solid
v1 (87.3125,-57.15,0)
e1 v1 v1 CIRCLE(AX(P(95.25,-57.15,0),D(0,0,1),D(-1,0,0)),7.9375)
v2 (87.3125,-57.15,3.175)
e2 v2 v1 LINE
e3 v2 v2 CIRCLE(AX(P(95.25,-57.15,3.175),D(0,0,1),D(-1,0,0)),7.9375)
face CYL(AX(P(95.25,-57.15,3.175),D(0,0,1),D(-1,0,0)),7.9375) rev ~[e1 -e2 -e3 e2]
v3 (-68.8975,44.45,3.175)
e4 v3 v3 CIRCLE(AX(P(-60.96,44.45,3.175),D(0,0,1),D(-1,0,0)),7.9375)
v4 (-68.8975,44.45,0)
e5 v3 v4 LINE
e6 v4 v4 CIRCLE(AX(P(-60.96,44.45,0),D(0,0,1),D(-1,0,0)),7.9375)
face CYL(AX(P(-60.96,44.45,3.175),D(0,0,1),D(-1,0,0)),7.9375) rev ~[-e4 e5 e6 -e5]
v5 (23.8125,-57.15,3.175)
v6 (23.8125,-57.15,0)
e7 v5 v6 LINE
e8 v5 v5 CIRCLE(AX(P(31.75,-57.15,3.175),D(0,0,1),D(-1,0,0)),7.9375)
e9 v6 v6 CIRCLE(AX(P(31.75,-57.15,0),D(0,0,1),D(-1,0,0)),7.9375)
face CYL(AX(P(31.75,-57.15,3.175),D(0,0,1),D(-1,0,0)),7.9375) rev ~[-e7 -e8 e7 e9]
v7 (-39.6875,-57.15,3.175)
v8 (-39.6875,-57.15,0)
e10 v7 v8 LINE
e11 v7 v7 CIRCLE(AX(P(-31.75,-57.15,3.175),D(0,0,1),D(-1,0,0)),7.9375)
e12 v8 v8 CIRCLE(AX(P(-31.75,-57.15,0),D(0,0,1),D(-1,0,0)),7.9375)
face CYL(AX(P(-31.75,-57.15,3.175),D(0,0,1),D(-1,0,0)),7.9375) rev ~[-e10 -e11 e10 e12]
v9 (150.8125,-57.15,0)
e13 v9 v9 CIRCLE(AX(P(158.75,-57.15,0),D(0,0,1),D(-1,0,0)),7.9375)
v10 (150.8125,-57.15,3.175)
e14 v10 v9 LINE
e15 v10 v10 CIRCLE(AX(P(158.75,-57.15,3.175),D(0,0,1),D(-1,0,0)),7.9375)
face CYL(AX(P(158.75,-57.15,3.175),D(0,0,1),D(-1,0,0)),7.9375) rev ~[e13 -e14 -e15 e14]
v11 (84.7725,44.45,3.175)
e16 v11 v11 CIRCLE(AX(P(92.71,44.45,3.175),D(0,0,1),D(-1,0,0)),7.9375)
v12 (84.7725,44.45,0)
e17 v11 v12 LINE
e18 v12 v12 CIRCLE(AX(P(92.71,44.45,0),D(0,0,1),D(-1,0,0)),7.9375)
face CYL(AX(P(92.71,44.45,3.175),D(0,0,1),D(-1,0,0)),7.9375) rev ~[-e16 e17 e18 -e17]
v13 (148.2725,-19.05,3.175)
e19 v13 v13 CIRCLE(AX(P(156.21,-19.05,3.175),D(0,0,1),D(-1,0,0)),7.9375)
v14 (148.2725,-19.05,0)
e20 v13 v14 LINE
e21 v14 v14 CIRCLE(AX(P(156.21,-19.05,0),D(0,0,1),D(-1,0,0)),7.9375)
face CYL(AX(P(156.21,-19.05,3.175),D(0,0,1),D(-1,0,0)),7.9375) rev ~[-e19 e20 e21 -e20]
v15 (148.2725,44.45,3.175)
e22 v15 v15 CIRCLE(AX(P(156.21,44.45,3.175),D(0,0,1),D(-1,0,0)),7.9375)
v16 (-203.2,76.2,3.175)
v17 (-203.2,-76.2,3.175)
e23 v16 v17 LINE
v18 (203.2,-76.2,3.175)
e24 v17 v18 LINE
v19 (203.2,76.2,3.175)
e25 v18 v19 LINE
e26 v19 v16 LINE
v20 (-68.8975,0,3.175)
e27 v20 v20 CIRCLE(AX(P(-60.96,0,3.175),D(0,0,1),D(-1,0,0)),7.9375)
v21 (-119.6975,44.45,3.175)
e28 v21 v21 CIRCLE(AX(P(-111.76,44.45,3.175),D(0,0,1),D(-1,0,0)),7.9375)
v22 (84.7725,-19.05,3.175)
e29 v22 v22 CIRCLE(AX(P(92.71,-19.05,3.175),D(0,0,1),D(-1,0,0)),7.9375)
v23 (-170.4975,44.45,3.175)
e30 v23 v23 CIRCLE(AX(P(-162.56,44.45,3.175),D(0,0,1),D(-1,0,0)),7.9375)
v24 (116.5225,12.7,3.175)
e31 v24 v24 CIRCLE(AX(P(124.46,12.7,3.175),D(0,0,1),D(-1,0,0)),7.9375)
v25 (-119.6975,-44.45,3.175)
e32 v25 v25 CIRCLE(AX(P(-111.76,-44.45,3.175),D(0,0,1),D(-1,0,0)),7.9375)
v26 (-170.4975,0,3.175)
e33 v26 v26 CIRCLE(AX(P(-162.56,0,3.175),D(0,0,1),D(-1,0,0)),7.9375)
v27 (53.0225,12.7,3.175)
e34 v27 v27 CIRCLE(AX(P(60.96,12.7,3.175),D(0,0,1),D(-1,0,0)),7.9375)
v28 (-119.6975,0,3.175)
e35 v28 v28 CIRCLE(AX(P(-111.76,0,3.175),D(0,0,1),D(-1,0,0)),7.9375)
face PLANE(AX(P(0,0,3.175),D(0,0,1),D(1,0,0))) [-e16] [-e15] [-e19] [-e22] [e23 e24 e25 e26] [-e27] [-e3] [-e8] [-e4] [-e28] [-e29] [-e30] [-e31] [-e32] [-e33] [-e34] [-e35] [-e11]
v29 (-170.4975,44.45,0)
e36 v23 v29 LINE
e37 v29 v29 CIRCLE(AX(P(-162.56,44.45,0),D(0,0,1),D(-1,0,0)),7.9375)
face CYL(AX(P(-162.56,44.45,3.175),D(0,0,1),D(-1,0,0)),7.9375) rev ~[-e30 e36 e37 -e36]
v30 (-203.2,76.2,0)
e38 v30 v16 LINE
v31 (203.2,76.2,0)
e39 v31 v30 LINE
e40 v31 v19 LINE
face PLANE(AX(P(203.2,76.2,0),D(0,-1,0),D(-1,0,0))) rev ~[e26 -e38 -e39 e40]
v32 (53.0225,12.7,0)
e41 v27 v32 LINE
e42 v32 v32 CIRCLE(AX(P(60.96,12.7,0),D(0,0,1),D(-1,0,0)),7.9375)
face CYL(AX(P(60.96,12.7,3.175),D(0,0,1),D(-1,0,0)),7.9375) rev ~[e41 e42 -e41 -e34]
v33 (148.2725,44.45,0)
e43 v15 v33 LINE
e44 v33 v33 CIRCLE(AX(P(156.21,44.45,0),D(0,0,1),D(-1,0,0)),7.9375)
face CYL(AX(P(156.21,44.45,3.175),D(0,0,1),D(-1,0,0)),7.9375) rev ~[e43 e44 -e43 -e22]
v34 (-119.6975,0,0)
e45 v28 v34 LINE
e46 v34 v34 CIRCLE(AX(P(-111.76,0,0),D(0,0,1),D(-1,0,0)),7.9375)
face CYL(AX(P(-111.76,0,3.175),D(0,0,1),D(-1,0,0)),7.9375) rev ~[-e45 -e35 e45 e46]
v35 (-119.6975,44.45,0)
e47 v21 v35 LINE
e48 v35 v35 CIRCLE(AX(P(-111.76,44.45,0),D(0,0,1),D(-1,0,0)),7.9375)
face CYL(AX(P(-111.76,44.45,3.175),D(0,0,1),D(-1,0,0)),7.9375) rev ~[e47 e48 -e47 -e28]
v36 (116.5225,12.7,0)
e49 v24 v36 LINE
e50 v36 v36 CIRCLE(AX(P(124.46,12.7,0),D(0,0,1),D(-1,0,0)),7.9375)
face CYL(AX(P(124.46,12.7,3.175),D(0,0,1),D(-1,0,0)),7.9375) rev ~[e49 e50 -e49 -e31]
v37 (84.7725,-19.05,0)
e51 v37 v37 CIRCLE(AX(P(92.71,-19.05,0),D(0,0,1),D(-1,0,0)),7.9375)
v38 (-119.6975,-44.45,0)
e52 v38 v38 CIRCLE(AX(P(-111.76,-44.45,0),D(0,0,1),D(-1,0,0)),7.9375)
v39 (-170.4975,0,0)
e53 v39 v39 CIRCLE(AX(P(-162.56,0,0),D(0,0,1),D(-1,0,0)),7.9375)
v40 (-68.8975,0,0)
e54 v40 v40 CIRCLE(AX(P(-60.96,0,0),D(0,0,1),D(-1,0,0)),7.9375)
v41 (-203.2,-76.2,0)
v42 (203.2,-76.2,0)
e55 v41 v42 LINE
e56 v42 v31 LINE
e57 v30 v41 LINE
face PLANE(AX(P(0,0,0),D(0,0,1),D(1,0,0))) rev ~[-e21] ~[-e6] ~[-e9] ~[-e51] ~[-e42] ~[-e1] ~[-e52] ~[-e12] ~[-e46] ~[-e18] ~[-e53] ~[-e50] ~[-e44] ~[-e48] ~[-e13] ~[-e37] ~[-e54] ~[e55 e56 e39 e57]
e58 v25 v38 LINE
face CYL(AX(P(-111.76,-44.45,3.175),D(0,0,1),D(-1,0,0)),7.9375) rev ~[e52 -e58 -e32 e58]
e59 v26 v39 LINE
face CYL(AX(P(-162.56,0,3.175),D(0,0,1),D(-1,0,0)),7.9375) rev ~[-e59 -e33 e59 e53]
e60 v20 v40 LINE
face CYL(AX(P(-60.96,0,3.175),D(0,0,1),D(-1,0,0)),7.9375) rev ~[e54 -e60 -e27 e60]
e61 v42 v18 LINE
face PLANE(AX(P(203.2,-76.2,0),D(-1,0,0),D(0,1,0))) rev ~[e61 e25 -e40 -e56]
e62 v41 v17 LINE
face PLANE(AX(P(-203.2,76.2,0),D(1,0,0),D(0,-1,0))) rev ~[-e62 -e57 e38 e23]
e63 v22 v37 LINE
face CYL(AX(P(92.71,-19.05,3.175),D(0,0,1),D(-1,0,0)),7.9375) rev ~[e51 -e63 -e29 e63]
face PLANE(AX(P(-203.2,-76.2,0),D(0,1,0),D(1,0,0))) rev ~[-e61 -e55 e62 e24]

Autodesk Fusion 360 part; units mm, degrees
sketch "Sketch1" plane through (0, 0, 0) normal (0, 0, 1) x (1, 0, 0)
  line L0 (203.2, 76.2) -> (-203.2, 76.2)
  line L1 (-203.2, 76.2) -> (-203.2, -76.2)
  line L2 (-203.2, -76.2) -> (203.2, -76.2)
  line L3 (203.2, -76.2) -> (203.2, 76.2)
  line L4 (203.2, 76.2) -> (-203.2, -76.2) construction
  line L5 (-203.2, 76.2) -> (203.2, -76.2) construction
  dimension "d1" = 406.4
  dimension "d2" = 152.4
extrude "Extrude1" add sketch "Sketch1" along normal blind 3.175
sketch "Sketch2" plane through (0, 0, 3.175) normal (0, 0, 1) x (-1, 0, 0)
  line L0 (-203.2, 76.2) -> (-203.2, -76.2)
  line L1 (-203.2, -76.2) -> (203.2, -76.2)
  line L2 (203.2, -76.2) -> (203.2, 76.2)
  line L3 (203.2, 76.2) -> (-203.2, 76.2)
  circle A0 centre (162.56, -44.45) radius 7.9375
  circle A1 centre (111.76, -44.45) radius 7.9375
  circle A2 centre (60.96, -44.45) radius 7.9375
  line L4 (203.2, -44.45) -> (-203.2, -44.45) construction
  line L5 (203.2, -60.325) -> (-203.2, -60.325) construction
  circle A3 centre (162.56, -44.45) radius 10.795 construction
  line L6 (172.6056, -60.325) -> (-27.8584, -60.325) construction
  line L7 (-27.8584, -60.325) -> (-27.8584, -69.85) construction
  line L8 (-27.8584, -69.85) -> (172.6056, -69.85) construction
  line L9 (172.6056, -69.85) -> (172.6056, -60.325) construction
  circle A4 centre (162.56, 0) radius 7.9375
  circle A5 centre (111.76, 0) radius 7.9375
  circle A6 centre (60.96, 0) radius 7.9375
  line L10 (203.2, 0) -> (-203.2, 0) construction
  line L11 (203.2, -15.875) -> (-203.2, -15.875) construction
  line L12 (203.2, 44.45) -> (-203.2, 44.45) construction
  line L13 (203.2, 28.575) -> (-203.2, 28.575) construction
  circle A7 centre (111.76, 44.45) radius 7.9375
  line L14 (183.6475, -15.875) -> (19.338, -15.875) construction
  line L15 (19.338, -15.875) -> (19.338, -25.4) construction
  line L16 (19.338, -25.4) -> (183.6475, -25.4) construction
  line L17 (183.6475, -25.4) -> (183.6475, -15.875) construction
  line L18 (128.4518, 28.575) -> (89.2673, 28.575) construction
  line L19 (89.2673, 28.575) -> (89.2673, 19.05) construction
  line L20 (89.2673, 19.05) -> (128.4518, 19.05) construction
  line L21 (128.4518, 19.05) -> (128.4518, 28.575) construction
  dimension "button" = 15.875
  dimension "d6" = 15.875
  dimension "d7" = 15.875
  dimension "d9" = 50.8
  dimension "d10" = 50.8
  dimension "d12" = 15.875
  dimension "d13" = 21.59
  dimension "d14" = 9.525
  dimension "d17" = 9.525
  dimension "d22" = 15.875
  dimension "d23" = 15.875
  dimension "d24" = 15.875
  dimension "d25" = 50.8
  dimension "d26" = 50.8
  dimension "d28" = 44.45
  dimension "d29" = 15.875
  dimension "d36" = 44.45
  dimension "d37" = 15.875
  dimension "d38" = 15.875
  dimension "d84" = 50.8
  dimension "d85" = 60.96
  dimension "d86" = 60.96
  dimension "d88" = 152.4
  dimension "d89" = 406.4
  dimension "d96" = 10.0456
  dimension "d105" = 9.525
  dimension "d106" = 9.525
  dimension "d107" = 9.525
  dimension "d108" = 9.525
extrude "Extrude3" cut sketch "Sketch2" against normal blind 50.8 contours A0 | A1 | A2 | A4 | A5 | A6 | A7
sketch "Sketch3" plane through (0, 0, 3.175) normal (0, 0, 1) x (-1, 0, 0)
  circle A0 centre (111.76, 0) radius 7.9375
  circle A1 centre (162.56, -44.45) radius 7.9375
  circle A2 centre (60.96, 0) radius 7.9375
  circle A3 centre (162.56, 0) radius 7.9375
  circle A4 centre (111.76, -44.45) radius 7.9375
  circle A5 centre (60.96, -44.45) radius 7.9375
  circle A6 centre (111.76, 44.45) radius 7.9375
  line L0 (-203.2, 76.2) -> (-203.2, -76.2)
  line L1 (-203.2, -76.2) -> (203.2, -76.2)
  line L2 (203.2, -76.2) -> (203.2, 76.2)
  line L3 (203.2, 76.2) -> (-203.2, 76.2)
  circle A7 centre (-92.71, -44.45) radius 7.9375
  circle A8 centre (-92.71, 19.05) radius 7.9375
  circle A9 centre (-60.96, -12.7) radius 7.9375
  circle A10 centre (-124.46, -12.7) radius 7.9375
  line L4 (-92.71, -44.45) -> (-92.71, 19.05) construction
  line L5 (-60.96, -12.7) -> (-124.46, -12.7) construction
  line L6 (-72.6401, -60.325) -> (-119.2488, -60.325) construction
  line L7 (-87.0646, -60.325) -> (-106.5413, -60.325) construction
  line L8 (-106.5413, -60.325) -> (-106.5413, -69.85) construction
  line L9 (-106.5413, -69.85) -> (-87.0646, -69.85) construction
  line L10 (-87.0646, -69.85) -> (-87.0646, -60.325) construction
  line L11 (-84.0964, 3.175) -> (-85.2577, 3.175)
  line L12 (-85.2577, 3.175) -> (-106.3727, 3.175) construction
  line L13 (-86.9218, 3.175) -> (-101.4306, 3.175) construction
  line L14 (-101.4306, 3.175) -> (-101.4306, -6.35) construction
  line L15 (-101.4306, -6.35) -> (-86.9218, -6.35) construction
  line L16 (-86.9218, -6.35) -> (-86.9218, 3.175) construction
  line L17 (-50.0842, -28.575) -> (-73.0383, -28.575) construction
  line L18 (-55.7529, -28.575) -> (-69.6326, -28.575) construction
  line L19 (-69.6326, -28.575) -> (-69.6326, -38.1) construction
  line L20 (-69.6326, -38.1) -> (-55.7529, -38.1) construction
  line L21 (-55.7529, -38.1) -> (-55.7529, -28.575) construction
  line L22 (-117.6854, -28.575) -> (-146.3556, -28.575) construction
  line L23 (-119.2474, -28.575) -> (-139.2811, -28.575) construction
  line L24 (-139.2811, -28.575) -> (-139.2811, -38.1) construction
  line L25 (-139.2811, -38.1) -> (-119.2474, -38.1) construction
  line L26 (-119.2474, -38.1) -> (-119.2474, -28.575) construction
  line L27 (-156.21, -44.45) -> (-156.21, 19.05) construction
  circle A11 centre (-156.21, -44.45) radius 7.9375
  circle A12 centre (-156.21, 19.05) radius 7.9375
  line L28 (-162.1579, 3.175) -> (-182.2496, 3.175) construction
  line L29 (-156.3761, -60.325) -> (-181.7712, -60.325) construction
  line L30 (-151.6704, -60.325) -> (-180.3361, -60.325) construction
  line L31 (-180.3361, -60.325) -> (-180.3361, -69.85) construction
  line L32 (-180.3361, -69.85) -> (-151.6704, -69.85) construction
  line L33 (-151.6704, -69.85) -> (-151.6704, -60.325) construction
  line L34 (-151.7847, 3.175) -> (-164.1052, 3.175) construction
  line L35 (-164.1052, 3.175) -> (-164.1052, -6.35) construction
  line L36 (-164.1052, -6.35) -> (-151.7847, -6.35) construction
  line L37 (-151.7847, -6.35) -> (-151.7847, 3.175) construction
  circle A13 centre (60.96, 0) radius 7.9375
  line L38 (-92.71, -44.45) -> (-92.71, -63.514) construction
  circle A14 centre (31.75, 57.15) radius 7.9375
  circle A15 centre (-31.75, 57.15) radius 7.9375
  line L39 (-19.4302, 41.275) -> (-47.0824, 41.275) construction
  line L40 (-18.4863, 41.275) -> (-133.9128, 41.275) construction
  line L41 (46.0464, 41.275) -> (2.2756, 41.275) construction
  line L42 (2.2756, 41.275) -> (2.2756, 34.925) construction
  line L43 (2.2756, 34.925) -> (46.0464, 34.925) construction
  line L44 (46.0464, 34.925) -> (46.0464, 41.275) construction
  line L45 (-18.4863, 41.275) -> (-69.5814, 41.3535) construction
  line L46 (-69.5814, 41.3535) -> (-69.5912, 35.0035) construction
  line L47 (-69.5912, 35.0035) -> (-18.496, 34.925) construction
  line L48 (-18.496, 34.925) -> (-18.4863, 41.275) construction
  circle A16 centre (-95.25, 57.15) radius 7.9375
  circle A17 centre (-158.75, 57.15) radius 7.9375
  line L49 (-86.5667, 41.275) -> (-118.397, 41.2226) construction
  line L50 (-118.397, 41.2226) -> (-118.3865, 34.8727) construction
  line L51 (-118.3865, 34.8727) -> (-86.5562, 34.925) construction
  line L52 (-86.5562, 34.925) -> (-86.5667, 41.275) construction
  line L53 (-148.8254, 41.4006) -> (-186.2835, 41.4006) construction
  line L54 (-186.2835, 41.4006) -> (-186.2835, 34.6904) construction
  line L55 (-186.2835, 34.6904) -> (-148.8254, 34.6904) construction
  line L56 (-148.8254, 34.6904) -> (-148.8254, 41.4006) construction
  point P0 (-92.71, -12.7)
  point P1 (-156.21, -12.7)
  dimension "d46" = 15.875
  dimension "d47" = 15.875
  dimension "d48" = 15.875
  dimension "d49" = 15.875
  dimension "d52" = 63.5
  dimension "d56" = 15.875
  dimension "d57" = 9.525
  dimension "d58" = 9.525
  dimension "d59" = 15.875
  dimension "d60" = 9.525
  dimension "d61" = 9.525
  dimension "d62" = 15.875
  dimension "d63" = 9.525
  dimension "d64" = 9.525
  dimension "d65" = 15.875
  dimension "d66" = 9.525
  dimension "d67" = 9.525
  dimension "d71" = 15.875
  dimension "d72" = 15.875
  dimension "d73" = 9.525
  dimension "d74" = 9.525
  dimension "d75" = 15.875
  dimension "d76" = 15.875
  dimension "d77" = 9.525
  dimension "d78" = 9.525
  dimension "d98" = 63.5
  dimension "d99" = 63.5
  dimension "d100" = 31.75
  dimension "d101" = 31.75
  dimension "d102" = 31.75
  dimension "d103" = 31.75
  dimension "d104" = 406.4
  dimension "d109" = 60.96
  dimension "d110" = 63.5
  dimension "d111" = 38.1
  dimension "d112" = 15.875
  dimension "d113" = 15.875
  dimension "d114" = 6.35
  dimension "d115" = 15.875
  dimension "d116" = 6.35
  dimension "d117" = 15.875
  dimension "d118" = 6.35
  dimension "d119" = 6.35
  dimension "d120" = 31.75
  dimension "d121" = 15.875
  dimension "d122" = 15.875
  dimension "d123" = 63.5
  dimension "d124" = 63.5
  dimension "d125" = 6.35
  dimension "d126" = 6.35
  dimension "d127" = 6.35
extrude "Extrude4" cut sketch "Sketch3" against normal blind 27.94 contours A7 | A8 | A9 | A10 | A11 | A12 | A14 | A15 | A16 | A17
sketch "Sketch4" plane through (0, 0, 3.175) normal (0, 0, 1) x (-1, 0, 0)
equation "d7 = d6"
equation "d9 = d25"
equation "d10 = d25"
equation "d22 = d6"
equation "d23 = d6"
equation "d24 = d6"
equation "d26 = d25"
equation "d38 = d6"
equation "d46 = d6"
equation "d47 = d6"
equation "d48 = d6"
equation "d49 = d6"
equation "d61 = d78"
equation "d64 = d78"
equation "d71 = d6"
equation "d72 = d6"
equation "d84 = d25"
equation "d85 = d89 * 0.15"
equation "d86 = d85"
equation "d99 = d98"
equation "d100 = d98 / 2"
equation "d101 = d100"
equation "d102 = d100"
equation "d103 = d100"
equation "d109 = d104 * 0.15"
equation "d110 = d98"
equation "d111 = d101 + 0.25 in"
equation "d112 = d47"
equation "d113 = d47"
equation "d115 = d62"
equation "d117 = d115"
equation "d120 = d110 / 2"
equation "d121 = d113"
equation "d122 = d113"
equation "d123 = d110"
equation "d124 = d99"
